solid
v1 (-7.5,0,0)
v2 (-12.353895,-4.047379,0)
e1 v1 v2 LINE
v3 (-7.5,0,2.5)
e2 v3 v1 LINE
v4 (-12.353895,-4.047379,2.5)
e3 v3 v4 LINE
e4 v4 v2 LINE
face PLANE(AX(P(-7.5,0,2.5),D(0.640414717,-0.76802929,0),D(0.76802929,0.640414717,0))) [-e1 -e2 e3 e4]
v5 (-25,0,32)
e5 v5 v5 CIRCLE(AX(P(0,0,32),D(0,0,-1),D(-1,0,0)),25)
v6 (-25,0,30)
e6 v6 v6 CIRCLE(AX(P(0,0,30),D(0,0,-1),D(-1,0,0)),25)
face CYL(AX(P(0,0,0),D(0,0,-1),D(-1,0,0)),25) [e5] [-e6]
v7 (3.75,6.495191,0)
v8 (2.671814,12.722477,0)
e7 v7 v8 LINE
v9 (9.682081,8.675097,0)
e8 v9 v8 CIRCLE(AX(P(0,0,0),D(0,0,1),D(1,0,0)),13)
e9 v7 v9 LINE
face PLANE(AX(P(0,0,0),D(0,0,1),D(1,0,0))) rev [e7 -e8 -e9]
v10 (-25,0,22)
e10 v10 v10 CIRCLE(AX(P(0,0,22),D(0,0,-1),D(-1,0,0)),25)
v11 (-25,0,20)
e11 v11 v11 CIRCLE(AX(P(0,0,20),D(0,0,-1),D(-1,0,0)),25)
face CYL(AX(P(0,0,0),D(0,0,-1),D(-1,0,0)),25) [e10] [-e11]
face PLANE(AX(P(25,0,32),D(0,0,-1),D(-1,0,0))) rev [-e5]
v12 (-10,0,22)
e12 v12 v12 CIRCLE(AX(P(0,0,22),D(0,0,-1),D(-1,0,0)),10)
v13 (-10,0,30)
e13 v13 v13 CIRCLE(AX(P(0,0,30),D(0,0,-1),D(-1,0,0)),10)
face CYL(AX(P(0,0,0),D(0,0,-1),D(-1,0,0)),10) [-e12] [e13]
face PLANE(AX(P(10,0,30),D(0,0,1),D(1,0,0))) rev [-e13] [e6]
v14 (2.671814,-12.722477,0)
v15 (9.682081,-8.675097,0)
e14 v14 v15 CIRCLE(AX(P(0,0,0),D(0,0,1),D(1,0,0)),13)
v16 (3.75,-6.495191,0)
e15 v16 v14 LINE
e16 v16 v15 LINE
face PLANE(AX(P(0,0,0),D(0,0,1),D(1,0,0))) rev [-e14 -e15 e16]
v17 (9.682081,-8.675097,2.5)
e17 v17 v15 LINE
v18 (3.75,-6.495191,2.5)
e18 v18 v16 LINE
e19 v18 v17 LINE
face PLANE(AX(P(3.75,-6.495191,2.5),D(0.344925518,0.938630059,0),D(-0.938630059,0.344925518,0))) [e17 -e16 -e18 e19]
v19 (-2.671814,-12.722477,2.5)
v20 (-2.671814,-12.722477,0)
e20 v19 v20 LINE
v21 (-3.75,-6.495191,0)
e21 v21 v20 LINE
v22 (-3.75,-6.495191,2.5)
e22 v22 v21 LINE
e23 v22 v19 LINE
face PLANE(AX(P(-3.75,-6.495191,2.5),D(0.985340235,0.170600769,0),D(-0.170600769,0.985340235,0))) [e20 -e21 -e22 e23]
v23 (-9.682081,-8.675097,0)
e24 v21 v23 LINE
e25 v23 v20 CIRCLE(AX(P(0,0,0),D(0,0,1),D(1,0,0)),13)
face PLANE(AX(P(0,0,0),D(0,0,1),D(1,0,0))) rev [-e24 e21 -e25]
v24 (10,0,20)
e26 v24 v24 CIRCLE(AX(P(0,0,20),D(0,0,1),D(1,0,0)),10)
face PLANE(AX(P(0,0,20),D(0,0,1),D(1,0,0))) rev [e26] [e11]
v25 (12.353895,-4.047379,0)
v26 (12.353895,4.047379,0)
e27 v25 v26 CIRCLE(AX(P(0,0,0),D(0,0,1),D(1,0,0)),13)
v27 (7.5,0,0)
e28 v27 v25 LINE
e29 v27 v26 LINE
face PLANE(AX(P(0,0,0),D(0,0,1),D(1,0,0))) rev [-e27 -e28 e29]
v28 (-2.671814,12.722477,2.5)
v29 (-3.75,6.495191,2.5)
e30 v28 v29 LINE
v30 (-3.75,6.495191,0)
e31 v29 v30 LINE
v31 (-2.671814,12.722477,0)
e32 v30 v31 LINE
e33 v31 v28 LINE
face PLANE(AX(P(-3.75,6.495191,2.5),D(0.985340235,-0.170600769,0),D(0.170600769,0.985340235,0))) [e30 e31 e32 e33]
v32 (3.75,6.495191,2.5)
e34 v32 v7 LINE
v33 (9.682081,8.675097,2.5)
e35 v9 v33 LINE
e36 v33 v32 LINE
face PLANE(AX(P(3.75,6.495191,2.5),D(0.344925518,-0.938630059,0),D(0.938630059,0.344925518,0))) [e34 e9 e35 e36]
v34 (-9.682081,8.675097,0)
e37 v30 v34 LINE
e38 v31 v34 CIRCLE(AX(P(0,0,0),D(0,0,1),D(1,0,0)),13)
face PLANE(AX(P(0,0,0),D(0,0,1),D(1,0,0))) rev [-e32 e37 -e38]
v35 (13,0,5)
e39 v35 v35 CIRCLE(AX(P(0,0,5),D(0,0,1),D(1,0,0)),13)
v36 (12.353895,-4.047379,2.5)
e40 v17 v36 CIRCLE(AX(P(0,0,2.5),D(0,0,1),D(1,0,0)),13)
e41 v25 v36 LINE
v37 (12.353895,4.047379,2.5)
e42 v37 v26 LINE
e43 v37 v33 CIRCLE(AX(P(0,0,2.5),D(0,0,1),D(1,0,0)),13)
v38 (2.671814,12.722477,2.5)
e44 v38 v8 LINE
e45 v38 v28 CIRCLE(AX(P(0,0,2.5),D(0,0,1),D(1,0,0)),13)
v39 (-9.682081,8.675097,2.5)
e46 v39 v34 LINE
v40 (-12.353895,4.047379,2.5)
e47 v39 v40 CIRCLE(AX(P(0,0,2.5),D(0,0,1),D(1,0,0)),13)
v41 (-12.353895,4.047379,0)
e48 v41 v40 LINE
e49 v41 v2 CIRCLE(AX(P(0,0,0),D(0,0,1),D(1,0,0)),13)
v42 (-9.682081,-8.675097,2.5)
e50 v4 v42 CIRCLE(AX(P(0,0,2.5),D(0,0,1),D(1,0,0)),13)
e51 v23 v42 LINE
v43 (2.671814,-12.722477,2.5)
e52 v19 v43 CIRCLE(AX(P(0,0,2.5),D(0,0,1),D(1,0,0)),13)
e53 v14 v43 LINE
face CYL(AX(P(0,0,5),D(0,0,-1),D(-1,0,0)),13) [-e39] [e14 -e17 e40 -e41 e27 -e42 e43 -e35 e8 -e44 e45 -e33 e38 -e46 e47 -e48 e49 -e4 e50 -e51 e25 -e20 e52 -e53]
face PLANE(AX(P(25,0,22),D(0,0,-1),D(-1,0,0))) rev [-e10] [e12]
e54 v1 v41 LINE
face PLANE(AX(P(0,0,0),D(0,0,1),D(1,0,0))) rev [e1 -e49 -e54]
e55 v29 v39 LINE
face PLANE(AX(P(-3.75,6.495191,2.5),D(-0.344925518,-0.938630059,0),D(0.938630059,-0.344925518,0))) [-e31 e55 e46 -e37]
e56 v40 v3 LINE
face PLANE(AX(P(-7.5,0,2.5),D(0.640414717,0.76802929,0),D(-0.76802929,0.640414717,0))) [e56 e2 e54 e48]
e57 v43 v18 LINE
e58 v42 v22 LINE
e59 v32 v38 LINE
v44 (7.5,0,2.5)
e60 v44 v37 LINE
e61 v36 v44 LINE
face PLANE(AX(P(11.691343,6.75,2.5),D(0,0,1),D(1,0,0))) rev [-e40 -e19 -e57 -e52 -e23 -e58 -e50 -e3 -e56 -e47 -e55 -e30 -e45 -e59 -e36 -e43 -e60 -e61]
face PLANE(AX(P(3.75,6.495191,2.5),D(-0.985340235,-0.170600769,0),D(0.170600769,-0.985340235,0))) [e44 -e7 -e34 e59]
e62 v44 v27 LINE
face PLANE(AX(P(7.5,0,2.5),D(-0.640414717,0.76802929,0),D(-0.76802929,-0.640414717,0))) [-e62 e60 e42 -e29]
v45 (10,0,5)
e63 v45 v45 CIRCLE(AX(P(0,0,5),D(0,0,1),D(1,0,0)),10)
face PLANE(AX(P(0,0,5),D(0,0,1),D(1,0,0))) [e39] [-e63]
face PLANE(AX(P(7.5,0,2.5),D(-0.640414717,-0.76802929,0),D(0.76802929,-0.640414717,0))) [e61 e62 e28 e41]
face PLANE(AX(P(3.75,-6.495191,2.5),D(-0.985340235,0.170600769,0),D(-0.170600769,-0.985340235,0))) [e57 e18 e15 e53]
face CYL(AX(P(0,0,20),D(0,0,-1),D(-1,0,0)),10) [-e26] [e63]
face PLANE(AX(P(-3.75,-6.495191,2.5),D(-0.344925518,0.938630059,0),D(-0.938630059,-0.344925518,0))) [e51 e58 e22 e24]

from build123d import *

# Parameters (mm, degrees)
SKETCH_3_R          = 13
EXTRUDE_1_DEPTH     = 5
CUT_EXTRUDE_2_DEPTH = 2.5
SKETCH_4_R          = 10
EXTRUDE_2_DEPTH     = 15


with BuildPart() as part:
    # ｽｹｯﾁ3 → ﾎﾞｽ - 押し出し1 (new body)
    with BuildSketch(Plane.XY):
        Circle(SKETCH_3_R)
    extrude(amount=EXTRUDE_1_DEPTH)

    # ｽｹｯﾁ2 → ｶｯﾄ - 押し出し2 (cut)
    with BuildSketch(Plane.XY):
        with BuildLine():
            Line((3.75, 6.495190528), (2.463350586, 13.926501921))
            ThreePointArc((2.463350586, 13.926501921), (0, 16), (-2.463350586, 13.926501921))
            Line((-2.463350586, 13.926501921), (-3.75, 6.495190528))
            Line((-3.75, 6.495190528), (-10.829029157, 9.096575147))
            ThreePointArc((-10.829029157, 9.096575147), (-13.856406461, 8), (-13.292379743, 4.829926775))
            Line((-13.292379743, 4.829926775), (-7.5, 0))
            Line((-7.5, 0), (-13.292379743, -4.829926775))
            ThreePointArc((-13.292379743, -4.829926775), (-13.856406461, -8), (-10.829029157, -9.096575147))
            Line((-10.829029157, -9.096575147), (-3.75, -6.495190528))
            Line((-3.75, -6.495190528), (-2.463350586, -13.926501921))
            ThreePointArc((-2.463350586, -13.926501921), (0, -16), (2.463350586, -13.926501921))
            Line((2.463350586, -13.926501921), (3.75, -6.495190528))
            Line((3.75, -6.495190528), (10.829029157, -9.096575147))
            ThreePointArc((10.829029157, -9.096575147), (13.856406461, -8), (13.292379743, -4.829926775))
            Line((13.292379743, -4.829926775), (7.5, 0))
            Line((7.5, 0), (13.292379743, 4.829926775))
            ThreePointArc((13.292379743, 4.829926775), (13.856406461, 8), (10.829029157, 9.096575147))
            Line((10.829029157, 9.096575147), (3.75, 6.495190528))
        make_face()
    extrude(amount=CUT_EXTRUDE_2_DEPTH, mode=Mode.SUBTRACT)

    # ｽｹｯﾁ4 → ﾎﾞｽ - 押し出し2 (add)
    with BuildSketch(Plane.XY.offset(5)):
        Circle(SKETCH_4_R)
    extrude(amount=EXTRUDE_2_DEPTH)

    # ｽｹｯﾁ5 → 回転1 (revolve)
    with BuildSketch(Plane(origin=(0, 0, 0), x_dir=(1, 0, 0), z_dir=(0, 1, 0))):
        Polygon((0, -20), (25, -20), (25, -22), (10, -22), (10, -30), (25, -30), (25, -32), (0, -32), align=None)
    revolve(axis=Axis((0, 0, 0), (0, 0, 1)))


solid = part.part
